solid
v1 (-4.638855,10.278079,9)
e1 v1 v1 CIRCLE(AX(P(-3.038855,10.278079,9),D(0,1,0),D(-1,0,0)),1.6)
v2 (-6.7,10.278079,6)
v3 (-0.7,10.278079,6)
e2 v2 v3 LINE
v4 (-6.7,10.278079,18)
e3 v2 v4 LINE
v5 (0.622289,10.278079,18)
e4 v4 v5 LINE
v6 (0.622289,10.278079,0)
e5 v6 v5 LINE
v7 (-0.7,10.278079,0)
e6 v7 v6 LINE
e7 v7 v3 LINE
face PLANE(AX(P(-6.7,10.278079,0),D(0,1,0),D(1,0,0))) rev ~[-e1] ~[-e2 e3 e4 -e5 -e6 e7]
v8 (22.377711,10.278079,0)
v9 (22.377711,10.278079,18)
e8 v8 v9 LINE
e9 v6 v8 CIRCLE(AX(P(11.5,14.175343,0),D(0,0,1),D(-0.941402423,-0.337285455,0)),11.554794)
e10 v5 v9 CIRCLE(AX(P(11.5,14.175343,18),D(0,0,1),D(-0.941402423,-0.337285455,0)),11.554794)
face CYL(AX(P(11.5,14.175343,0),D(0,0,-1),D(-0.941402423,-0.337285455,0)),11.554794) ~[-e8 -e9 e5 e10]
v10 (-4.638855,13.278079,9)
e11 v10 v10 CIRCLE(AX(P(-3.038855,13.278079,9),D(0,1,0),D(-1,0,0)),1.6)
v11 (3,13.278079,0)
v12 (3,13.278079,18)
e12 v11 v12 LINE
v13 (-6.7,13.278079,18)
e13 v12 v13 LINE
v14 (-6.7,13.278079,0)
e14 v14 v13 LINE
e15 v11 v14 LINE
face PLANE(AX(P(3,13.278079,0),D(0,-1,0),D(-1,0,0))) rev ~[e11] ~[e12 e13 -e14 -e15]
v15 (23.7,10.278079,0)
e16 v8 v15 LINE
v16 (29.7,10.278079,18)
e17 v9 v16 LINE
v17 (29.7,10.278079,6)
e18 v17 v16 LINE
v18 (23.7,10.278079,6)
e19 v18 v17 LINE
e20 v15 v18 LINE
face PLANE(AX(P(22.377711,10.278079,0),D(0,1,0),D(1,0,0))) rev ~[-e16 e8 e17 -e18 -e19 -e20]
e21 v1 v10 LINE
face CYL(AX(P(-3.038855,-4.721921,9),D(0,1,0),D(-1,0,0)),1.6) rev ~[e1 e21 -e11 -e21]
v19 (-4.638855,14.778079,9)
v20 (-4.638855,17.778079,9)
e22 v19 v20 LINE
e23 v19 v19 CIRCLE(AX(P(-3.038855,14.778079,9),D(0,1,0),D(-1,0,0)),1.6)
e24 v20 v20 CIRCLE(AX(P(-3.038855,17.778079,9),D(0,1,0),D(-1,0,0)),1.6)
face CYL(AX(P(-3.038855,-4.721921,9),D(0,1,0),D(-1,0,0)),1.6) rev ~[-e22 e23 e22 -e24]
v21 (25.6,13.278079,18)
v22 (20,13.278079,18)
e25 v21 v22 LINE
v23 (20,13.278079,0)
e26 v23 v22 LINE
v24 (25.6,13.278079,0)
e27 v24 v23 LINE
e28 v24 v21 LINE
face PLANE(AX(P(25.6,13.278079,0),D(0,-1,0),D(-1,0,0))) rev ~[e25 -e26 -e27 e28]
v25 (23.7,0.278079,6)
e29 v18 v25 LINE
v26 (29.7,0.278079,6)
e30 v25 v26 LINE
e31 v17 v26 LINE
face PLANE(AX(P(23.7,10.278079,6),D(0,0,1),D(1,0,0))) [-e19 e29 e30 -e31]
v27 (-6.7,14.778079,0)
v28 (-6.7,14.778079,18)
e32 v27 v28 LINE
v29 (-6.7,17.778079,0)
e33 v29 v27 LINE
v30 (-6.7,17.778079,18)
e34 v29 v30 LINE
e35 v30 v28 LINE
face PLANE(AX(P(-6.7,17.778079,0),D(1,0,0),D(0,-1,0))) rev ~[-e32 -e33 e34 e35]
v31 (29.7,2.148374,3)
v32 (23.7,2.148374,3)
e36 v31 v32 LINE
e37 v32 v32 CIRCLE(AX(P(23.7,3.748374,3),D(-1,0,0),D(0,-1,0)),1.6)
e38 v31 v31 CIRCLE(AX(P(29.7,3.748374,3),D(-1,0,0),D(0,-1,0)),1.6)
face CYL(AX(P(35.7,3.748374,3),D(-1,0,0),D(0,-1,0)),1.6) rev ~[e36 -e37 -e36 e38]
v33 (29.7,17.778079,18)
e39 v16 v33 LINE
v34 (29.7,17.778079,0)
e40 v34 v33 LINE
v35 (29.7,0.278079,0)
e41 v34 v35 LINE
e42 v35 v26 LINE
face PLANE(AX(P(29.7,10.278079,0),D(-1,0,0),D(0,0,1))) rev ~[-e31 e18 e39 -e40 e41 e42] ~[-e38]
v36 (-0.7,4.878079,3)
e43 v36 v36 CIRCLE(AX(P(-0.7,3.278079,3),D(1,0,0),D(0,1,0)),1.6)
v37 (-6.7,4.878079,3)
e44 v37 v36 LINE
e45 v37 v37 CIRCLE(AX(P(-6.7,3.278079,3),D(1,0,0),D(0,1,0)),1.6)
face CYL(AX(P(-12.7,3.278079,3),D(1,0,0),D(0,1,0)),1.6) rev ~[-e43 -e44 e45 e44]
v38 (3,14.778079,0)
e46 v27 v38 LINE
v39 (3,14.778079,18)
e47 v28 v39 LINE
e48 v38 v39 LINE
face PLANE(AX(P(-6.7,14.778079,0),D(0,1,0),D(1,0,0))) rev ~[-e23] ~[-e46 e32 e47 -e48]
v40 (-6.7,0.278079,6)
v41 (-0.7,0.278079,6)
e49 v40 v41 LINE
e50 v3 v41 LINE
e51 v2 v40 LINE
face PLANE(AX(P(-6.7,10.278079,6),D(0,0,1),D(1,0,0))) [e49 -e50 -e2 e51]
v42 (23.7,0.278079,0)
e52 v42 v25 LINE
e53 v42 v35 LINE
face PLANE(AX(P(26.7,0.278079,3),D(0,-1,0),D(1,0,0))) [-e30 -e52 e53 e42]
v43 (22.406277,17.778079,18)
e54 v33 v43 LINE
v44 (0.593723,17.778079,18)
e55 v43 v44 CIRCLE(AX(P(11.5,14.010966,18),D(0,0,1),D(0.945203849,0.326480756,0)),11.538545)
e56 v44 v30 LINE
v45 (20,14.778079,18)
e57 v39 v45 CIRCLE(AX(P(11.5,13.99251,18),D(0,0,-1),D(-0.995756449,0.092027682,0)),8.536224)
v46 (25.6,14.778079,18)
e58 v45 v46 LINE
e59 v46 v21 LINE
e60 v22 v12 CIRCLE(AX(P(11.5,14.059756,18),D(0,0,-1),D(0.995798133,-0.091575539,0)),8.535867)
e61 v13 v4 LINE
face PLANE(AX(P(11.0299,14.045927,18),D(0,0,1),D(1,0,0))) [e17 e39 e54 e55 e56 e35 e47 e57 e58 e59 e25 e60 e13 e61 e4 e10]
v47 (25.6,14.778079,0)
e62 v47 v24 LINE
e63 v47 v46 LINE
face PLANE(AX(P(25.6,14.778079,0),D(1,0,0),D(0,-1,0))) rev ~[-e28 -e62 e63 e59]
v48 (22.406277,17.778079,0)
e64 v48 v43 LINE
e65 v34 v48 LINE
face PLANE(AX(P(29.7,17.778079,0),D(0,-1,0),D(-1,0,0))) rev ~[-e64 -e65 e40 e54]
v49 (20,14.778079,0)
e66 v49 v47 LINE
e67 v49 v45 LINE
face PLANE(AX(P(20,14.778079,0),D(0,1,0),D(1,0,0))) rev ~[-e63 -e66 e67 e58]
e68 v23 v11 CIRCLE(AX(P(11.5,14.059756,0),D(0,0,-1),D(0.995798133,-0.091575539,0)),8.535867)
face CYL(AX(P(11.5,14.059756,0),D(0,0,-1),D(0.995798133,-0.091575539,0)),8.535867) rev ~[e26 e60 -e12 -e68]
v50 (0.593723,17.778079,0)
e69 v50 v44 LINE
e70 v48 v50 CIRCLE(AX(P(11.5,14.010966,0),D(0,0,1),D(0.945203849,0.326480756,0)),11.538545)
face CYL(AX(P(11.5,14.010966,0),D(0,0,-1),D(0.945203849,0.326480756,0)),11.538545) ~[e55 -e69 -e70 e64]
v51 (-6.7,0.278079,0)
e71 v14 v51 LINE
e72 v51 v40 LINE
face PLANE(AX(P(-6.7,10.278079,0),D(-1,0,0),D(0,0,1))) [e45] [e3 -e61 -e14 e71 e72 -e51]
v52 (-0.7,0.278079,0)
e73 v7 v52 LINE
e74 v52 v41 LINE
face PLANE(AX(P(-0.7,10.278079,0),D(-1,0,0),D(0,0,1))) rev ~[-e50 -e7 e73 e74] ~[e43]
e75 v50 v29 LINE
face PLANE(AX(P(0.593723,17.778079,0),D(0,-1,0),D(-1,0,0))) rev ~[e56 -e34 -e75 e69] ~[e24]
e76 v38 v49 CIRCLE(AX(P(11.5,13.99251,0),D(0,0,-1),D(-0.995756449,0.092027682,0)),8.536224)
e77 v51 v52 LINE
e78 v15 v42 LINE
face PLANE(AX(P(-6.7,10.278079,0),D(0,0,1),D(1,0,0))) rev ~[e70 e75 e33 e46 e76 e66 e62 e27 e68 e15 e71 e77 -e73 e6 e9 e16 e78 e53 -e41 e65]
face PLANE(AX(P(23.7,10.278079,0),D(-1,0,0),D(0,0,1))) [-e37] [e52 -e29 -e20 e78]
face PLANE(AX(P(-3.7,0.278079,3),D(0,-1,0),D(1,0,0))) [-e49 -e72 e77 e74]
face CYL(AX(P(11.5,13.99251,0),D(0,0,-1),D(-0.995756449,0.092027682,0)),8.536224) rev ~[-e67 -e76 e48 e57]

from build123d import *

# Parameters (mm, degrees)
F1_DEPTH  = 18
F3_D      = 3.2
F3_DEPTH  = 15
F4_W      = 6
F4_H      = 6
F5_DEPTH  = 10
F6_W      = 6
F6_H      = 6
F7_DEPTH  = 10
F9_D      = 3.2
F9_DEPTH  = 6
F11_D     = 3.2
F11_DEPTH = 6


with BuildPart() as f1:
    # F0 (on Top) → F1 (new body)
    with BuildSketch(Plane.XY):
        with BuildLine():
            Line((3, 13.278079), (-6.7, 13.278079))
            Line((-6.7, 13.278079), (-6.7, 10.278079))
            Line((-6.7, 10.278079), (0.622289, 10.278079))
            ThreePointArc((0.622289, 10.278079), (11.5, 2.620549), (22.377711, 10.278079))
            Line((22.377711, 10.278079), (23, 10.278079))
            Line((23, 10.278079), (29.7, 10.278079))
            Line((29.7, 10.278079), (29.7, 17.778079))
            Line((29.7, 17.778079), (22.406277, 17.778079))
            ThreePointArc((22.406277, 17.778079), (11.5, 25.549511), (0.593723, 17.778079))
            Line((0.593723, 17.778079), (-6.7, 17.778079))
            Line((-6.7, 17.778079), (-6.7, 14.778079))
            Line((-6.7, 14.778079), (3, 14.778079))
            ThreePointArc((3, 14.778079), (11.5, 22.528734), (20, 14.778079))
            Line((20, 14.778079), (25.6, 14.778079))
            Line((25.6, 14.778079), (25.6, 13.278079))
            Line((25.6, 13.278079), (23, 13.278079))
            Line((23, 13.278079), (20, 13.278079))
            ThreePointArc((20, 13.278079), (11.5, 5.523889), (3, 13.278079))
        make_face()
    extrude(amount=F1_DEPTH)

    # F3
    with Locations(Plane.XZ.offset(-10.278079)):
        with Locations((-3.038855, 9)):
            Hole(F3_D / 2, depth=F3_DEPTH)

    # F4 (on face) → F5 (join)
    with BuildSketch(Plane.XZ.offset(-10.278079)):
        with Locations((26.7, 3)):
            Rectangle(F4_W, F4_H)
    extrude(amount=F5_DEPTH)

    # F6 (on face) → F7 (join)
    with BuildSketch(Plane.XZ.offset(-10.278079)):
        with Locations((-3.7, 3)):
            Rectangle(F6_W, F6_H)
    extrude(amount=F7_DEPTH)

    # F9
    with Locations(Plane.YZ.offset(29.7)):
        with Locations((3.748374, 3)):
            Hole(F9_D / 2, depth=F9_DEPTH)

    # F11
    with Locations(Plane(origin=(-6.7, 0, 0), x_dir=(0, -1, 0), z_dir=(-1, 0, 0))):
        with Locations((-3.278079, 3)):
            Hole(F11_D / 2, depth=F11_DEPTH)


solid = f1.part
